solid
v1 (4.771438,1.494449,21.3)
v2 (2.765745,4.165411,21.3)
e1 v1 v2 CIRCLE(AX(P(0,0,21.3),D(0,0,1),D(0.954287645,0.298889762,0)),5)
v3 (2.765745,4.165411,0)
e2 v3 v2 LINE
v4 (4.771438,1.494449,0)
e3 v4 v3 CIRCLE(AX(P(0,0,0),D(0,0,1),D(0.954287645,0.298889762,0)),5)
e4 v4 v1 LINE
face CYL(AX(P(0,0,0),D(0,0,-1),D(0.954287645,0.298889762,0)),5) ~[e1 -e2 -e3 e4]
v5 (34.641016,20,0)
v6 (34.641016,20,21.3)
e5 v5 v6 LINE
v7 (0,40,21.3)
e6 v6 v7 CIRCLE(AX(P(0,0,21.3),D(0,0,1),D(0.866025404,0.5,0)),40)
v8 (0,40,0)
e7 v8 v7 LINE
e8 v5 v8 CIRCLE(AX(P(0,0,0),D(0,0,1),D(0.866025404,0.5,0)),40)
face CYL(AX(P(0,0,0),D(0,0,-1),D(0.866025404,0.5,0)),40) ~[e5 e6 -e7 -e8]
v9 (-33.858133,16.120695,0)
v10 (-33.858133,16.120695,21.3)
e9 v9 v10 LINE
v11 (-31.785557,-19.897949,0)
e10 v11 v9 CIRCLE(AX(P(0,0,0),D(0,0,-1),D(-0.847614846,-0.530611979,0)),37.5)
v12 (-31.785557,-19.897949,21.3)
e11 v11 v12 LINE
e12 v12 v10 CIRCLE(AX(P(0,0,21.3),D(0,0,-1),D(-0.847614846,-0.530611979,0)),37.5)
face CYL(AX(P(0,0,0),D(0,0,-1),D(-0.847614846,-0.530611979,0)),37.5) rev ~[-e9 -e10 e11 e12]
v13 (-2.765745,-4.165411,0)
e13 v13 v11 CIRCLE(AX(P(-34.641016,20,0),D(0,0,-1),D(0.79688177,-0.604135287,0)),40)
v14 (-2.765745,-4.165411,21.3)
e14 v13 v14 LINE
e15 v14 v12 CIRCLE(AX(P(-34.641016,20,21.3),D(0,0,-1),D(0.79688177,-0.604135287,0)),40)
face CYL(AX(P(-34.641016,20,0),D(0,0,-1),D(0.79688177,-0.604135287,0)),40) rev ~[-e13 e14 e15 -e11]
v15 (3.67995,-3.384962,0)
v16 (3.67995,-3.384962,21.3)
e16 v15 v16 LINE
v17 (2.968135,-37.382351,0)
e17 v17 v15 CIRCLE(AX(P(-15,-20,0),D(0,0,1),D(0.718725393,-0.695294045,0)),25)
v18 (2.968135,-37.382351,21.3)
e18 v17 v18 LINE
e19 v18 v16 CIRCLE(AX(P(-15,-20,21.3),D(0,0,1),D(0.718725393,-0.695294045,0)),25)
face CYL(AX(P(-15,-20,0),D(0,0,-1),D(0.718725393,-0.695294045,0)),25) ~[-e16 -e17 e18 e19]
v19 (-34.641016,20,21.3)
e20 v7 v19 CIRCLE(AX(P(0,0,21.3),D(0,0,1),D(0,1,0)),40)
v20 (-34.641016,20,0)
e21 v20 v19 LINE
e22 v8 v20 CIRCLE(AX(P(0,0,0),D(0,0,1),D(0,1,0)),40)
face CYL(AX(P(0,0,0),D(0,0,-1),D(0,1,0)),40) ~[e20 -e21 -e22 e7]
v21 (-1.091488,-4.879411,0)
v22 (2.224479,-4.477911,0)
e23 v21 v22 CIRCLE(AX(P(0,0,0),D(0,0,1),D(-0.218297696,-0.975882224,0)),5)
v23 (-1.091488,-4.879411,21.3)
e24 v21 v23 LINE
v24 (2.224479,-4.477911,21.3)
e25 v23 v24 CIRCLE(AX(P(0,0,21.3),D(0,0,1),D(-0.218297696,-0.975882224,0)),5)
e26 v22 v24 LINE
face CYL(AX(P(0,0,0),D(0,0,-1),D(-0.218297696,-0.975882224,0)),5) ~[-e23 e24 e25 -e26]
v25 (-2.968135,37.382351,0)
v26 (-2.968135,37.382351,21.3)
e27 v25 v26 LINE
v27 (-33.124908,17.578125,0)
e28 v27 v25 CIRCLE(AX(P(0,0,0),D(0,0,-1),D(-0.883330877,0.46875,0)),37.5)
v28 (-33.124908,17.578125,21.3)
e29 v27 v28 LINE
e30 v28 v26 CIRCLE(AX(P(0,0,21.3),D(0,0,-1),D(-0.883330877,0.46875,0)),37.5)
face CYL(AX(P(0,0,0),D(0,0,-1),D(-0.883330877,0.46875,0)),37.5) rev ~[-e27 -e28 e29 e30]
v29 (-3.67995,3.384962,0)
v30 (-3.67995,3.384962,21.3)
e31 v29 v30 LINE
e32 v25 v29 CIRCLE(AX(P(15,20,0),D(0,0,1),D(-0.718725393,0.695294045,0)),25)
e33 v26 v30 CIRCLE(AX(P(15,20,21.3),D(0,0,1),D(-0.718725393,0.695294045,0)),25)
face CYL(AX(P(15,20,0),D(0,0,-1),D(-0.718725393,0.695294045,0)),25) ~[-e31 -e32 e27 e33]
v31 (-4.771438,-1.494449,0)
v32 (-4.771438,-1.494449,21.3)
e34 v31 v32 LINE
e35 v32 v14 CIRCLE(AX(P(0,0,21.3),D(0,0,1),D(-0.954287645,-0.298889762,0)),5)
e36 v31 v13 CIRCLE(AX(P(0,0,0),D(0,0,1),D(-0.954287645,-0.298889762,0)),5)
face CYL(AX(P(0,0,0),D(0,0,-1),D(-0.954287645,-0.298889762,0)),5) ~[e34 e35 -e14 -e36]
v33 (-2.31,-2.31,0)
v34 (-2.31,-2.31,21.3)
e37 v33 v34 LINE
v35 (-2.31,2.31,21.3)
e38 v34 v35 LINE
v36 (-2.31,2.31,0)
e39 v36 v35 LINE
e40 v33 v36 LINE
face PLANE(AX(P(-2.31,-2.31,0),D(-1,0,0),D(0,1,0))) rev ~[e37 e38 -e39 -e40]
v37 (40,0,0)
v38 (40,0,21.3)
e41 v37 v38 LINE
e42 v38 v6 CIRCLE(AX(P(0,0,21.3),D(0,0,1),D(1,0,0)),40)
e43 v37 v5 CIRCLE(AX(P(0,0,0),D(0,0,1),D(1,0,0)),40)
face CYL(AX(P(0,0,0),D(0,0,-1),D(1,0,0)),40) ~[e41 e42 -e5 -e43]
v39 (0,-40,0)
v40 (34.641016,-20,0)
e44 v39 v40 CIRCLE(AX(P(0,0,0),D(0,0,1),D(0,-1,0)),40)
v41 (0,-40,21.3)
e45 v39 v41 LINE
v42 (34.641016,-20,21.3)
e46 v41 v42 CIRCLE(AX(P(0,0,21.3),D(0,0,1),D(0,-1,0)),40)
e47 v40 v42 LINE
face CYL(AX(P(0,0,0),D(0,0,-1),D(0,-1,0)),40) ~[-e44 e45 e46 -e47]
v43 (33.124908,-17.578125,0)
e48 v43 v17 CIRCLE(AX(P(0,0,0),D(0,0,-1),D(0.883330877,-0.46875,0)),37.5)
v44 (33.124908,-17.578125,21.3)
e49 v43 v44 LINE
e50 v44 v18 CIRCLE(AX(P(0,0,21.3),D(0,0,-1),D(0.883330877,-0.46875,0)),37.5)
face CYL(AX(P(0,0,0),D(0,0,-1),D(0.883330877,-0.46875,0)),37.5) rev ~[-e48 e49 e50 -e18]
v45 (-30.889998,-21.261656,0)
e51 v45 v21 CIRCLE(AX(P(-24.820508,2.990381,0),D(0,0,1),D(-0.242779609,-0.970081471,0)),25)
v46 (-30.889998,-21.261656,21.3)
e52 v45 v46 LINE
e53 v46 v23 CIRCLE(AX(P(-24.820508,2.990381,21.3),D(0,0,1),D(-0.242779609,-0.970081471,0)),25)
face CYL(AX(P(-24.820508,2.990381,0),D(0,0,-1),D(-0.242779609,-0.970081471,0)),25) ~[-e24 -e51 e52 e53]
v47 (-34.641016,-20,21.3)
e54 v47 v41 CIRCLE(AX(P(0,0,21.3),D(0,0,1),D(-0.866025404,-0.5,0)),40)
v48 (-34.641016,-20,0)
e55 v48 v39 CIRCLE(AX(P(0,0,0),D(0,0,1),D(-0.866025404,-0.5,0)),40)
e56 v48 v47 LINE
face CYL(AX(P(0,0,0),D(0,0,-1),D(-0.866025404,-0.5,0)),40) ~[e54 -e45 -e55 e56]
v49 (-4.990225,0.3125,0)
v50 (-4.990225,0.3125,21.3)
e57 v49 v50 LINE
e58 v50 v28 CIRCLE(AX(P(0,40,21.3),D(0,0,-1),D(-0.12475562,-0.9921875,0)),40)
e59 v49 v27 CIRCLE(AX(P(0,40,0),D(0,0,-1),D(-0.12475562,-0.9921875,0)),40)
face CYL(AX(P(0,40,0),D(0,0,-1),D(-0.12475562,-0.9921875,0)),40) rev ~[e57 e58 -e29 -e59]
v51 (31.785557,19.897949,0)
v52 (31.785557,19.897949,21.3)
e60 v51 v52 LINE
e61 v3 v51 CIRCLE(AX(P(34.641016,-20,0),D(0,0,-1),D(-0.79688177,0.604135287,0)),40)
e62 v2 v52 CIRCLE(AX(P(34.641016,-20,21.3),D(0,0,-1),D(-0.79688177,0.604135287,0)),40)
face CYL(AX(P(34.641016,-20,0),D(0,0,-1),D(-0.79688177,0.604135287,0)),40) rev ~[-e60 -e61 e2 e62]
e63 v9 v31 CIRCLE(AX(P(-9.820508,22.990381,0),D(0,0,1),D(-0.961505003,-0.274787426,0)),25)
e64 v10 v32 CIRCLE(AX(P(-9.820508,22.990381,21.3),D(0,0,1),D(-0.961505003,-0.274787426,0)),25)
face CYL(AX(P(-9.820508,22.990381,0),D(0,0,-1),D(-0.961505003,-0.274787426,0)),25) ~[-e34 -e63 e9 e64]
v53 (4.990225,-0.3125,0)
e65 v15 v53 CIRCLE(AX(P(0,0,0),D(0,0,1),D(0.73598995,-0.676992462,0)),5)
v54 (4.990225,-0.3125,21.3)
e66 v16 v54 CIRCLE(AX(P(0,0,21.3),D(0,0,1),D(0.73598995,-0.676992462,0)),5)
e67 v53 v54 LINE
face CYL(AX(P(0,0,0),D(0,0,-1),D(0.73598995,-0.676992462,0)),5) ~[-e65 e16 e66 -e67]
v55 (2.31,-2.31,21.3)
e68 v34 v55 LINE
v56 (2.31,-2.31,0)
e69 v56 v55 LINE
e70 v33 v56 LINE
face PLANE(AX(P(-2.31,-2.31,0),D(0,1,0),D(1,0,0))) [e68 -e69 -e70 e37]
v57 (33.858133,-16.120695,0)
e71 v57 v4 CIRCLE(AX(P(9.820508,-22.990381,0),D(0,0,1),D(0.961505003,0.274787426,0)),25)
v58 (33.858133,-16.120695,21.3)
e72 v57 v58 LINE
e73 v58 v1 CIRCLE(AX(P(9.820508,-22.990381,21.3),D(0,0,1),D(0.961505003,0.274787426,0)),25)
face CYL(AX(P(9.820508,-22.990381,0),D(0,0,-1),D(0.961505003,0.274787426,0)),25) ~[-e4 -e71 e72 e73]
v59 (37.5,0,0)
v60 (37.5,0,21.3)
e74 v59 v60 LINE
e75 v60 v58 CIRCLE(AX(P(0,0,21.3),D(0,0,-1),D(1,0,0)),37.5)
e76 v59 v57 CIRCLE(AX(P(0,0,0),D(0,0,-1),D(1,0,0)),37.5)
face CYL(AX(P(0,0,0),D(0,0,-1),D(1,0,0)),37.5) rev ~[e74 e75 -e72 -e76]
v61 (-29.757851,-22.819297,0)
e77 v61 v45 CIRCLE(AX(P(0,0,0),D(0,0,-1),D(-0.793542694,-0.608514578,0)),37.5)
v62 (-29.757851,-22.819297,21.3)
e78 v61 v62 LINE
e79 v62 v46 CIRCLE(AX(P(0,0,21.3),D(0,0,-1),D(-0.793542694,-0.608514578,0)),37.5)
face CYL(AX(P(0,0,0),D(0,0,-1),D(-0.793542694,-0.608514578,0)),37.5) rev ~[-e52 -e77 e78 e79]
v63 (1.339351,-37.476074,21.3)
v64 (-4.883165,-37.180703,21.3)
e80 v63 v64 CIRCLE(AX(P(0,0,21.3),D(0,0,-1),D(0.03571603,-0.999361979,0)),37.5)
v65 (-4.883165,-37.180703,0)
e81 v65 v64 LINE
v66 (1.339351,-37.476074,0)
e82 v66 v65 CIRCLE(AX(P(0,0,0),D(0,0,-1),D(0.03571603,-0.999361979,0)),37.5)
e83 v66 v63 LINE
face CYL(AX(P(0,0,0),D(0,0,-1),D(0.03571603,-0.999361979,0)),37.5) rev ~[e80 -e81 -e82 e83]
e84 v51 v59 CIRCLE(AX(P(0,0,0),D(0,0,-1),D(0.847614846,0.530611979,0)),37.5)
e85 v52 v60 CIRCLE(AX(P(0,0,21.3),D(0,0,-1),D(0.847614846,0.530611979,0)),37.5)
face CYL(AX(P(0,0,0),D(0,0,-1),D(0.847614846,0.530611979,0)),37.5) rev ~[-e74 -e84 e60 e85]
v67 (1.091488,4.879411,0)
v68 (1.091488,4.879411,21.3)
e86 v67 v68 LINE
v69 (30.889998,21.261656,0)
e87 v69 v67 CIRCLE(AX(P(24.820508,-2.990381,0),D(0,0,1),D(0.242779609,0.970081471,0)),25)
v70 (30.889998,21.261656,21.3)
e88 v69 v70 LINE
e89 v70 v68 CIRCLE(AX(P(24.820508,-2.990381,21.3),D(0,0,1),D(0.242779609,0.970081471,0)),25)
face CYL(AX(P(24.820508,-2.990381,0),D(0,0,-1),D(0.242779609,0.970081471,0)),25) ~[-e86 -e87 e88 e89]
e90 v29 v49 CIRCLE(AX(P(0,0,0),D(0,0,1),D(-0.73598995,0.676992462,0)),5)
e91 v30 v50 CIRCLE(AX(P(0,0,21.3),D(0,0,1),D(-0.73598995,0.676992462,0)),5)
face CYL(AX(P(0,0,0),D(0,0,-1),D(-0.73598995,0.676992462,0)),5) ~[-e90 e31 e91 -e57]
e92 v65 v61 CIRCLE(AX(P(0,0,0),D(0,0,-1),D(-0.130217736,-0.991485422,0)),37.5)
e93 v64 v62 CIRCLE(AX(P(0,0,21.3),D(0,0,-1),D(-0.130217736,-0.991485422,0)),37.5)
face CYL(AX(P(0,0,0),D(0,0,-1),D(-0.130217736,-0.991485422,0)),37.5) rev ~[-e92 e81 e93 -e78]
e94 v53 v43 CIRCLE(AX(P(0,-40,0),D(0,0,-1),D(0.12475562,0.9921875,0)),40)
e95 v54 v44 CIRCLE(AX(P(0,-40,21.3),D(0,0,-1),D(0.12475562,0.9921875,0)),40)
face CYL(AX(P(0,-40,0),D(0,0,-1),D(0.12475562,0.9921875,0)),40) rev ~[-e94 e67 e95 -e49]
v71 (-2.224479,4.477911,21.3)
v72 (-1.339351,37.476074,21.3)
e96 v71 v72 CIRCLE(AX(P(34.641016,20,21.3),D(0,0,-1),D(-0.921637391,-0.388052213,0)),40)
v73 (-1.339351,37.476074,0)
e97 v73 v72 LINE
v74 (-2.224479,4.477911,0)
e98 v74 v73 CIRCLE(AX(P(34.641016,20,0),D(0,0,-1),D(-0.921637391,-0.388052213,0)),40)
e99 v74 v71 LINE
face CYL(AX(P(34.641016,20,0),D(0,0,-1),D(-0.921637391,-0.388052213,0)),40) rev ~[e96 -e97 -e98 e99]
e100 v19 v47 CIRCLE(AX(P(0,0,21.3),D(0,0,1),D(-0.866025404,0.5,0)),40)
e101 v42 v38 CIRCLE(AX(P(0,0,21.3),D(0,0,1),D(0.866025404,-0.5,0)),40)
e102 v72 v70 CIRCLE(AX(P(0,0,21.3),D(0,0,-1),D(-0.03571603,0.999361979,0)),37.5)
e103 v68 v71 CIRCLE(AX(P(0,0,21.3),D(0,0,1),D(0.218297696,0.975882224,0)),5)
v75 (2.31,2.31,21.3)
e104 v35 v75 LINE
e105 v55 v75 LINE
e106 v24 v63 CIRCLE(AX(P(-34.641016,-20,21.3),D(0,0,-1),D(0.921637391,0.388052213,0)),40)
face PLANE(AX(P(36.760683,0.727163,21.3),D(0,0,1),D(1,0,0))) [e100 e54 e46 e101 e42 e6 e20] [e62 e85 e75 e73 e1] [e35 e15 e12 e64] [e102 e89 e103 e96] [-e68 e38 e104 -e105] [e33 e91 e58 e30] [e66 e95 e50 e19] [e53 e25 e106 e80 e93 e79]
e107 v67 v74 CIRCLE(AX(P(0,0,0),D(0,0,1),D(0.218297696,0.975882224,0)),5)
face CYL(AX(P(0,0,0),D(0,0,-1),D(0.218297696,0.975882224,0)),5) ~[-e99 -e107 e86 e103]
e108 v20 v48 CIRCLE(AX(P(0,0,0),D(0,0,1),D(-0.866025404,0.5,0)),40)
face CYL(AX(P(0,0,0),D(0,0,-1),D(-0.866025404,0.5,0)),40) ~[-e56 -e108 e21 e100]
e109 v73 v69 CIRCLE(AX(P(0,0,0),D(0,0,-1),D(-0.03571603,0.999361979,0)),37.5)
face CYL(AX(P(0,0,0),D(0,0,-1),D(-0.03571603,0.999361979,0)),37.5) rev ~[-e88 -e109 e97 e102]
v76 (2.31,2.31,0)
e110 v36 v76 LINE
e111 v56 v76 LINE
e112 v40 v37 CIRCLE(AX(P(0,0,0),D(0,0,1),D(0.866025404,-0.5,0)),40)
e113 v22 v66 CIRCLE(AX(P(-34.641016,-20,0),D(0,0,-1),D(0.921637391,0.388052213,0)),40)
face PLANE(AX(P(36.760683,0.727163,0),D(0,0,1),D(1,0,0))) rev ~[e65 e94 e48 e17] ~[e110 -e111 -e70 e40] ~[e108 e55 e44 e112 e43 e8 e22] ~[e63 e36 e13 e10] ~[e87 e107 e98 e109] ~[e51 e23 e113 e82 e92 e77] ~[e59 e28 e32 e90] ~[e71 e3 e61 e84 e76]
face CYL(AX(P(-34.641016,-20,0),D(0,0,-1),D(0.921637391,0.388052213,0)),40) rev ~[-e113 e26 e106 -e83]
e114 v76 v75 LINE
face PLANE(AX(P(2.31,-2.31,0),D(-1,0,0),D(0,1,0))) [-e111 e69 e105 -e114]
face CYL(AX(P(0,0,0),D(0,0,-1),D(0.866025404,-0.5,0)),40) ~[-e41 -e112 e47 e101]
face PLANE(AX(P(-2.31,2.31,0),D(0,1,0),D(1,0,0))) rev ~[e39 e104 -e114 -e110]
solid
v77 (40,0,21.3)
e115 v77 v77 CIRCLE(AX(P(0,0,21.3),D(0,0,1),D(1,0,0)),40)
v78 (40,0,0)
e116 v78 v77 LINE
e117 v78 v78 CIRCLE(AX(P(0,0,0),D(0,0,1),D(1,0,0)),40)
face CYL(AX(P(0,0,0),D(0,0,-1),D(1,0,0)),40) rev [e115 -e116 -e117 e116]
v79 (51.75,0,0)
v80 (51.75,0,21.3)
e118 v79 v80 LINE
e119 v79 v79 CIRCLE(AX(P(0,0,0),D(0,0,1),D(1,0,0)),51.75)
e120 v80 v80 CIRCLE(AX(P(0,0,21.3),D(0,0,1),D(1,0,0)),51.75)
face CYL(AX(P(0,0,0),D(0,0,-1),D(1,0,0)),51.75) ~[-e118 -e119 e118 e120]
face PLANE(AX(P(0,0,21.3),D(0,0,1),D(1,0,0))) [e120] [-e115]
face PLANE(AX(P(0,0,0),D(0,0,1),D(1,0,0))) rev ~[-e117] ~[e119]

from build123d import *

# Parameters (mm, degrees)
F0_R     = 51.75
F0_R_2   = 40
F1_DEPTH = 21.3
F2_W     = 4.62
F2_H     = 4.62
F3_DEPTH = 21.3


with BuildPart() as f1:
    # F0 (on Top) → F1 (new body)
    with BuildSketch(Plane.XY):
        Circle(F0_R)
        Circle(F0_R_2, mode=Mode.SUBTRACT)
    extrude(amount=F1_DEPTH)


with BuildPart() as f3:
    # F2 (on Top) → F3 (new body)
    with BuildSketch(Plane.XY):
        with BuildLine():
            ThreePointArc((34.6410161514, -20), (38.6370330516, -10.3527618041), (40, 0))
            ThreePointArc((40, 0), (38.6370330516, 10.3527618041), (34.6410161514, 20))
            ThreePointArc((34.6410161514, 20), (33.212374941, 19.9744791622), (31.7855567366, 19.8979492146))
            ThreePointArc((31.7855567366, 19.8979492146), (36.0430879478, 10.3511260832), (37.5, 0))
            ThreePointArc((37.5, 0), (36.5782038439, -8.2634740609), (33.8581331437, -16.1206953951))
            ThreePointArc((33.8581331437, -16.1206953951), (34.3264572437, -18.04483201), (34.6410161514, -20))
        make_face()
        with BuildLine():
            ThreePointArc((30.8899983107, 21.2616557296), (32.7905115496, 20.70516799), (34.6410161514, 20))
            ThreePointArc((34.6410161514, 20), (20, 34.6410161514), (0, 40))
            ThreePointArc((0, 40), (-0.6922189114, 38.75), (-1.3393511348, 37.4760742146))
            ThreePointArc((-1.3393511348, 37.4760742146), (16.853398139, 33.4994473263), (30.8899983107, 21.2616557296))
        make_face()
        with BuildLine():
            ThreePointArc((31.7855567366, 19.8979492146), (33.212374941, 19.9744791622), (34.6410161514, 20))
            ThreePointArc((34.6410161514, 20), (32.7905115496, 20.70516799), (30.8899983107, 21.2616557296))
            ThreePointArc((30.8899983107, 21.2616557296), (31.3451945916, 20.5846733278), (31.7855567366, 19.8979492146))
        make_face()
        with BuildLine():
            ThreePointArc((0, -40), (20, -34.6410161514), (34.6410161514, -20))
            ThreePointArc((34.6410161514, -20), (33.9045938523, -18.7755208378), (33.1249078713, -17.578125))
            ThreePointArc((33.1249078713, -17.578125), (20.5846733278, -31.3451945916), (2.968134833, -37.3823511247))
            ThreePointArc((2.968134833, -37.3823511247), (1.5359456942, -38.75), (0, -40))
        make_face()
        with BuildLine():
            ThreePointArc((33.1249078713, -17.578125), (33.9045938523, -18.7755208378), (34.6410161514, -20))
            ThreePointArc((34.6410161514, -20), (34.3264572437, -18.04483201), (33.8581331437, -16.1206953951))
            ThreePointArc((33.8581331437, -16.1206953951), (33.4994473263, -16.853398139), (33.1249078713, -17.578125))
        make_face()
        with BuildLine():
            ThreePointArc((-2.968134833, 37.3823511247), (-1.5359456942, 38.75), (0, 40))
            ThreePointArc((0, 40), (-20, 34.6410161514), (-34.6410161514, 20))
            ThreePointArc((-34.6410161514, 20), (-33.9045938523, 18.7755208378), (-33.1249078713, 17.578125))
            ThreePointArc((-33.1249078713, 17.578125), (-20.5846733278, 31.3451945916), (-2.968134833, 37.3823511247))
        make_face()
        with BuildLine():
            ThreePointArc((-1.3393511348, 37.4760742146), (-0.6922189114, 38.75), (0, 40))
            ThreePointArc((0, 40), (-1.5359456942, 38.75), (-2.968134833, 37.3823511247))
            ThreePointArc((-2.968134833, 37.3823511247), (-2.1542527347, 37.4380714668), (-1.3393511348, 37.4760742146))
        make_face()
        with BuildLine():
            ThreePointArc((-34.6410161514, -20), (-20, -34.6410161514), (0, -40))
            Line((0, -40), (-4.8831651119, -37.1807033082))
            ThreePointArc((-4.8831651119, -37.1807033082), (-18.75, -32.4759526419), (-29.7578510395, -22.8192966918))
            Line((-29.7578510395, -22.8192966918), (-34.6410161514, -20))
        make_face()
        with BuildLine():
            Line((-4.8831651119, -37.1807033082), (0, -40))
            ThreePointArc((0, -40), (0.6922189114, -38.75), (1.3393511348, -37.4760742146))
            ThreePointArc((1.3393511348, -37.4760742146), (-1.778051003, -37.4578234102), (-4.8831651119, -37.1807033082))
        make_face()
        with BuildLine():
            ThreePointArc((1.3393511348, -37.4760742146), (0.6922189114, -38.75), (0, -40))
            ThreePointArc((0, -40), (1.5359456942, -38.75), (2.968134833, -37.3823511247))
            ThreePointArc((2.968134833, -37.3823511247), (2.1542527347, -37.4380714668), (1.3393511348, -37.4760742146))
        make_face()
        with BuildLine():
            ThreePointArc((-33.8581331437, 16.1206953951), (-34.3264572437, 18.04483201), (-34.6410161514, 20))
            ThreePointArc((-34.6410161514, 20), (-40, 0), (-34.6410161514, -20))
            ThreePointArc((-34.6410161514, -20), (-33.212374941, -19.9744791622), (-31.7855567366, -19.8979492146))
            ThreePointArc((-31.7855567366, -19.8979492146), (-37.4380714668, -2.1542527347), (-33.8581331437, 16.1206953951))
        make_face()
        with BuildLine():
            ThreePointArc((-33.1249078713, 17.578125), (-33.9045938523, 18.7755208378), (-34.6410161514, 20))
            ThreePointArc((-34.6410161514, 20), (-34.3264572437, 18.04483201), (-33.8581331437, 16.1206953951))
            ThreePointArc((-33.8581331437, 16.1206953951), (-33.4994473263, 16.853398139), (-33.1249078713, 17.578125))
        make_face()
        with BuildLine():
            ThreePointArc((-30.8899983107, -21.2616557296), (-32.7905115496, -20.70516799), (-34.6410161514, -20))
            Line((-34.6410161514, -20), (-29.7578510395, -22.8192966918))
            ThreePointArc((-29.7578510395, -22.8192966918), (-30.3339243924, -22.0477443507), (-30.8899983107, -21.2616557296))
        make_face()
        with BuildLine():
            ThreePointArc((-31.7855567366, -19.8979492146), (-33.212374941, -19.9744791622), (-34.6410161514, -20))
            ThreePointArc((-34.6410161514, -20), (-32.7905115496, -20.70516799), (-30.8899983107, -21.2616557296))
            ThreePointArc((-30.8899983107, -21.2616557296), (-31.3451945916, -20.5846733278), (-31.7855567366, -19.8979492146))
        make_face()
        with BuildLine():
            ThreePointArc((-33.1249078713, 17.578125), (-33.4994473263, 16.853398139), (-33.8581331437, 16.1206953951))
            ThreePointArc((-33.8581331437, 16.1206953951), (-22.770976549, 1.6061493352), (-4.7714382267, -1.4944488111))
            ThreePointArc((-4.7714382267, -1.4944488111), (-4.9637468065, -0.6010138446), (-4.9902248196, 0.3125))
            ThreePointArc((-4.9902248196, 0.3125), (-20.9216702649, 5.9077176867), (-33.1249078713, 17.578125))
        make_face()
        with BuildLine():
            ThreePointArc((-2.2244794711, 4.4779114644), (-5.3446015373, 21.0725567823), (-1.3393511348, 37.4760742146))
            ThreePointArc((-1.3393511348, 37.4760742146), (-2.1542527347, 37.4380714668), (-2.968134833, 37.3823511247))
            ThreePointArc((-2.968134833, 37.3823511247), (-9.9945221479, 20.523318828), (-3.6799497484, 3.3849623113))
            ThreePointArc((-3.6799497484, 3.3849623113), (-3.0023666606, 3.9982239101), (-2.2244794711, 4.4779114644))
        make_face()
        with BuildLine():
            ThreePointArc((2.7657453485, 4.1654114644), (15.5770687275, 15.1648390956), (31.7855567366, 19.8979492146))
            ThreePointArc((31.7855567366, 19.8979492146), (31.3451945916, 20.5846733278), (30.8899983107, 21.2616557296))
            ThreePointArc((30.8899983107, 21.2616557296), (12.7764544011, 18.9171694928), (1.0914884782, 4.8794111224))
            ThreePointArc((1.0914884782, 4.8794111224), (1.9613801458, 4.5992377546), (2.7657453485, 4.1654114644))
        make_face()
        with BuildLine():
            ThreePointArc((4.7714382267, 1.4944488111), (3.9982239101, 3.0023666606), (2.7657453485, 4.1654114644))
            ThreePointArc((2.7657453485, 4.1654114644), (1.9613801458, 4.5992377546), (1.0914884782, 4.8794111224))
            ThreePointArc((1.0914884782, 4.8794111224), (-0.6010138446, 4.9637468065), (-2.2244794711, 4.4779114644))
            ThreePointArc((-2.2244794711, 4.4779114644), (-3.0023666606, 3.9982239101), (-3.6799497484, 3.3849623113))
            ThreePointArc((-3.6799497484, 3.3849623113), (-4.5992377546, 1.9613801458), (-4.9902248196, 0.3125))
            ThreePointArc((-4.9902248196, 0.3125), (-4.9637468065, -0.6010138446), (-4.7714382267, -1.4944488111))
            ThreePointArc((-4.7714382267, -1.4944488111), (-3.9982239101, -3.0023666606), (-2.7657453485, -4.1654114644))
            ThreePointArc((-2.7657453485, -4.1654114644), (-1.9613801458, -4.5992377546), (-1.0914884782, -4.8794111224))
            ThreePointArc((-1.0914884782, -4.8794111224), (0.6010138446, -4.9637468065), (2.2244794711, -4.4779114644))
            ThreePointArc((2.2244794711, -4.4779114644), (3.0023666606, -3.9982239101), (3.6799497484, -3.3849623113))
            ThreePointArc((3.6799497484, -3.3849623113), (4.5992377546, -1.9613801458), (4.9902248196, -0.3125))
            ThreePointArc((4.9902248196, -0.3125), (4.9975556074, -0.1563264246), (5, 0))
            ThreePointArc((5, 0), (4.9425292682, 0.75591298), (4.7714382267, 1.4944488111))
        make_face()
        Rectangle(F2_W, F2_H, mode=Mode.SUBTRACT)
        with BuildLine():
            ThreePointArc((4.9902248196, -0.3125), (20.9216702649, -5.9077176867), (33.1249078713, -17.578125))
            ThreePointArc((33.1249078713, -17.578125), (33.4994473263, -16.853398139), (33.8581331437, -16.1206953951))
            ThreePointArc((33.8581331437, -16.1206953951), (22.770976549, -1.6061493352), (4.7714382267, 1.4944488111))
            ThreePointArc((4.7714382267, 1.4944488111), (4.9425292682, 0.75591298), (5, 0))
            ThreePointArc((5, 0), (4.9975556074, -0.1563264246), (4.9902248196, -0.3125))
        make_face()
        with BuildLine():
            ThreePointArc((-2.7657453485, -4.1654114644), (-15.5770687275, -15.1648390956), (-31.7855567366, -19.8979492146))
            ThreePointArc((-31.7855567366, -19.8979492146), (-31.3451945916, -20.5846733278), (-30.8899983107, -21.2616557296))
            ThreePointArc((-30.8899983107, -21.2616557296), (-12.7764544011, -18.9171694928), (-1.0914884782, -4.8794111224))
            ThreePointArc((-1.0914884782, -4.8794111224), (-1.9613801458, -4.5992377546), (-2.7657453485, -4.1654114644))
        make_face()
        with BuildLine():
            ThreePointArc((2.2244794711, -4.4779114644), (5.3446015373, -21.0725567823), (1.3393511348, -37.4760742146))
            ThreePointArc((1.3393511348, -37.4760742146), (2.1542527347, -37.4380714668), (2.968134833, -37.3823511247))
            ThreePointArc((2.968134833, -37.3823511247), (9.9945221479, -20.523318828), (3.6799497484, -3.3849623113))
            ThreePointArc((3.6799497484, -3.3849623113), (3.0023666606, -3.9982239101), (2.2244794711, -4.4779114644))
        make_face()
    extrude(amount=F3_DEPTH)


solid = Compound([f1.part, f3.part])
